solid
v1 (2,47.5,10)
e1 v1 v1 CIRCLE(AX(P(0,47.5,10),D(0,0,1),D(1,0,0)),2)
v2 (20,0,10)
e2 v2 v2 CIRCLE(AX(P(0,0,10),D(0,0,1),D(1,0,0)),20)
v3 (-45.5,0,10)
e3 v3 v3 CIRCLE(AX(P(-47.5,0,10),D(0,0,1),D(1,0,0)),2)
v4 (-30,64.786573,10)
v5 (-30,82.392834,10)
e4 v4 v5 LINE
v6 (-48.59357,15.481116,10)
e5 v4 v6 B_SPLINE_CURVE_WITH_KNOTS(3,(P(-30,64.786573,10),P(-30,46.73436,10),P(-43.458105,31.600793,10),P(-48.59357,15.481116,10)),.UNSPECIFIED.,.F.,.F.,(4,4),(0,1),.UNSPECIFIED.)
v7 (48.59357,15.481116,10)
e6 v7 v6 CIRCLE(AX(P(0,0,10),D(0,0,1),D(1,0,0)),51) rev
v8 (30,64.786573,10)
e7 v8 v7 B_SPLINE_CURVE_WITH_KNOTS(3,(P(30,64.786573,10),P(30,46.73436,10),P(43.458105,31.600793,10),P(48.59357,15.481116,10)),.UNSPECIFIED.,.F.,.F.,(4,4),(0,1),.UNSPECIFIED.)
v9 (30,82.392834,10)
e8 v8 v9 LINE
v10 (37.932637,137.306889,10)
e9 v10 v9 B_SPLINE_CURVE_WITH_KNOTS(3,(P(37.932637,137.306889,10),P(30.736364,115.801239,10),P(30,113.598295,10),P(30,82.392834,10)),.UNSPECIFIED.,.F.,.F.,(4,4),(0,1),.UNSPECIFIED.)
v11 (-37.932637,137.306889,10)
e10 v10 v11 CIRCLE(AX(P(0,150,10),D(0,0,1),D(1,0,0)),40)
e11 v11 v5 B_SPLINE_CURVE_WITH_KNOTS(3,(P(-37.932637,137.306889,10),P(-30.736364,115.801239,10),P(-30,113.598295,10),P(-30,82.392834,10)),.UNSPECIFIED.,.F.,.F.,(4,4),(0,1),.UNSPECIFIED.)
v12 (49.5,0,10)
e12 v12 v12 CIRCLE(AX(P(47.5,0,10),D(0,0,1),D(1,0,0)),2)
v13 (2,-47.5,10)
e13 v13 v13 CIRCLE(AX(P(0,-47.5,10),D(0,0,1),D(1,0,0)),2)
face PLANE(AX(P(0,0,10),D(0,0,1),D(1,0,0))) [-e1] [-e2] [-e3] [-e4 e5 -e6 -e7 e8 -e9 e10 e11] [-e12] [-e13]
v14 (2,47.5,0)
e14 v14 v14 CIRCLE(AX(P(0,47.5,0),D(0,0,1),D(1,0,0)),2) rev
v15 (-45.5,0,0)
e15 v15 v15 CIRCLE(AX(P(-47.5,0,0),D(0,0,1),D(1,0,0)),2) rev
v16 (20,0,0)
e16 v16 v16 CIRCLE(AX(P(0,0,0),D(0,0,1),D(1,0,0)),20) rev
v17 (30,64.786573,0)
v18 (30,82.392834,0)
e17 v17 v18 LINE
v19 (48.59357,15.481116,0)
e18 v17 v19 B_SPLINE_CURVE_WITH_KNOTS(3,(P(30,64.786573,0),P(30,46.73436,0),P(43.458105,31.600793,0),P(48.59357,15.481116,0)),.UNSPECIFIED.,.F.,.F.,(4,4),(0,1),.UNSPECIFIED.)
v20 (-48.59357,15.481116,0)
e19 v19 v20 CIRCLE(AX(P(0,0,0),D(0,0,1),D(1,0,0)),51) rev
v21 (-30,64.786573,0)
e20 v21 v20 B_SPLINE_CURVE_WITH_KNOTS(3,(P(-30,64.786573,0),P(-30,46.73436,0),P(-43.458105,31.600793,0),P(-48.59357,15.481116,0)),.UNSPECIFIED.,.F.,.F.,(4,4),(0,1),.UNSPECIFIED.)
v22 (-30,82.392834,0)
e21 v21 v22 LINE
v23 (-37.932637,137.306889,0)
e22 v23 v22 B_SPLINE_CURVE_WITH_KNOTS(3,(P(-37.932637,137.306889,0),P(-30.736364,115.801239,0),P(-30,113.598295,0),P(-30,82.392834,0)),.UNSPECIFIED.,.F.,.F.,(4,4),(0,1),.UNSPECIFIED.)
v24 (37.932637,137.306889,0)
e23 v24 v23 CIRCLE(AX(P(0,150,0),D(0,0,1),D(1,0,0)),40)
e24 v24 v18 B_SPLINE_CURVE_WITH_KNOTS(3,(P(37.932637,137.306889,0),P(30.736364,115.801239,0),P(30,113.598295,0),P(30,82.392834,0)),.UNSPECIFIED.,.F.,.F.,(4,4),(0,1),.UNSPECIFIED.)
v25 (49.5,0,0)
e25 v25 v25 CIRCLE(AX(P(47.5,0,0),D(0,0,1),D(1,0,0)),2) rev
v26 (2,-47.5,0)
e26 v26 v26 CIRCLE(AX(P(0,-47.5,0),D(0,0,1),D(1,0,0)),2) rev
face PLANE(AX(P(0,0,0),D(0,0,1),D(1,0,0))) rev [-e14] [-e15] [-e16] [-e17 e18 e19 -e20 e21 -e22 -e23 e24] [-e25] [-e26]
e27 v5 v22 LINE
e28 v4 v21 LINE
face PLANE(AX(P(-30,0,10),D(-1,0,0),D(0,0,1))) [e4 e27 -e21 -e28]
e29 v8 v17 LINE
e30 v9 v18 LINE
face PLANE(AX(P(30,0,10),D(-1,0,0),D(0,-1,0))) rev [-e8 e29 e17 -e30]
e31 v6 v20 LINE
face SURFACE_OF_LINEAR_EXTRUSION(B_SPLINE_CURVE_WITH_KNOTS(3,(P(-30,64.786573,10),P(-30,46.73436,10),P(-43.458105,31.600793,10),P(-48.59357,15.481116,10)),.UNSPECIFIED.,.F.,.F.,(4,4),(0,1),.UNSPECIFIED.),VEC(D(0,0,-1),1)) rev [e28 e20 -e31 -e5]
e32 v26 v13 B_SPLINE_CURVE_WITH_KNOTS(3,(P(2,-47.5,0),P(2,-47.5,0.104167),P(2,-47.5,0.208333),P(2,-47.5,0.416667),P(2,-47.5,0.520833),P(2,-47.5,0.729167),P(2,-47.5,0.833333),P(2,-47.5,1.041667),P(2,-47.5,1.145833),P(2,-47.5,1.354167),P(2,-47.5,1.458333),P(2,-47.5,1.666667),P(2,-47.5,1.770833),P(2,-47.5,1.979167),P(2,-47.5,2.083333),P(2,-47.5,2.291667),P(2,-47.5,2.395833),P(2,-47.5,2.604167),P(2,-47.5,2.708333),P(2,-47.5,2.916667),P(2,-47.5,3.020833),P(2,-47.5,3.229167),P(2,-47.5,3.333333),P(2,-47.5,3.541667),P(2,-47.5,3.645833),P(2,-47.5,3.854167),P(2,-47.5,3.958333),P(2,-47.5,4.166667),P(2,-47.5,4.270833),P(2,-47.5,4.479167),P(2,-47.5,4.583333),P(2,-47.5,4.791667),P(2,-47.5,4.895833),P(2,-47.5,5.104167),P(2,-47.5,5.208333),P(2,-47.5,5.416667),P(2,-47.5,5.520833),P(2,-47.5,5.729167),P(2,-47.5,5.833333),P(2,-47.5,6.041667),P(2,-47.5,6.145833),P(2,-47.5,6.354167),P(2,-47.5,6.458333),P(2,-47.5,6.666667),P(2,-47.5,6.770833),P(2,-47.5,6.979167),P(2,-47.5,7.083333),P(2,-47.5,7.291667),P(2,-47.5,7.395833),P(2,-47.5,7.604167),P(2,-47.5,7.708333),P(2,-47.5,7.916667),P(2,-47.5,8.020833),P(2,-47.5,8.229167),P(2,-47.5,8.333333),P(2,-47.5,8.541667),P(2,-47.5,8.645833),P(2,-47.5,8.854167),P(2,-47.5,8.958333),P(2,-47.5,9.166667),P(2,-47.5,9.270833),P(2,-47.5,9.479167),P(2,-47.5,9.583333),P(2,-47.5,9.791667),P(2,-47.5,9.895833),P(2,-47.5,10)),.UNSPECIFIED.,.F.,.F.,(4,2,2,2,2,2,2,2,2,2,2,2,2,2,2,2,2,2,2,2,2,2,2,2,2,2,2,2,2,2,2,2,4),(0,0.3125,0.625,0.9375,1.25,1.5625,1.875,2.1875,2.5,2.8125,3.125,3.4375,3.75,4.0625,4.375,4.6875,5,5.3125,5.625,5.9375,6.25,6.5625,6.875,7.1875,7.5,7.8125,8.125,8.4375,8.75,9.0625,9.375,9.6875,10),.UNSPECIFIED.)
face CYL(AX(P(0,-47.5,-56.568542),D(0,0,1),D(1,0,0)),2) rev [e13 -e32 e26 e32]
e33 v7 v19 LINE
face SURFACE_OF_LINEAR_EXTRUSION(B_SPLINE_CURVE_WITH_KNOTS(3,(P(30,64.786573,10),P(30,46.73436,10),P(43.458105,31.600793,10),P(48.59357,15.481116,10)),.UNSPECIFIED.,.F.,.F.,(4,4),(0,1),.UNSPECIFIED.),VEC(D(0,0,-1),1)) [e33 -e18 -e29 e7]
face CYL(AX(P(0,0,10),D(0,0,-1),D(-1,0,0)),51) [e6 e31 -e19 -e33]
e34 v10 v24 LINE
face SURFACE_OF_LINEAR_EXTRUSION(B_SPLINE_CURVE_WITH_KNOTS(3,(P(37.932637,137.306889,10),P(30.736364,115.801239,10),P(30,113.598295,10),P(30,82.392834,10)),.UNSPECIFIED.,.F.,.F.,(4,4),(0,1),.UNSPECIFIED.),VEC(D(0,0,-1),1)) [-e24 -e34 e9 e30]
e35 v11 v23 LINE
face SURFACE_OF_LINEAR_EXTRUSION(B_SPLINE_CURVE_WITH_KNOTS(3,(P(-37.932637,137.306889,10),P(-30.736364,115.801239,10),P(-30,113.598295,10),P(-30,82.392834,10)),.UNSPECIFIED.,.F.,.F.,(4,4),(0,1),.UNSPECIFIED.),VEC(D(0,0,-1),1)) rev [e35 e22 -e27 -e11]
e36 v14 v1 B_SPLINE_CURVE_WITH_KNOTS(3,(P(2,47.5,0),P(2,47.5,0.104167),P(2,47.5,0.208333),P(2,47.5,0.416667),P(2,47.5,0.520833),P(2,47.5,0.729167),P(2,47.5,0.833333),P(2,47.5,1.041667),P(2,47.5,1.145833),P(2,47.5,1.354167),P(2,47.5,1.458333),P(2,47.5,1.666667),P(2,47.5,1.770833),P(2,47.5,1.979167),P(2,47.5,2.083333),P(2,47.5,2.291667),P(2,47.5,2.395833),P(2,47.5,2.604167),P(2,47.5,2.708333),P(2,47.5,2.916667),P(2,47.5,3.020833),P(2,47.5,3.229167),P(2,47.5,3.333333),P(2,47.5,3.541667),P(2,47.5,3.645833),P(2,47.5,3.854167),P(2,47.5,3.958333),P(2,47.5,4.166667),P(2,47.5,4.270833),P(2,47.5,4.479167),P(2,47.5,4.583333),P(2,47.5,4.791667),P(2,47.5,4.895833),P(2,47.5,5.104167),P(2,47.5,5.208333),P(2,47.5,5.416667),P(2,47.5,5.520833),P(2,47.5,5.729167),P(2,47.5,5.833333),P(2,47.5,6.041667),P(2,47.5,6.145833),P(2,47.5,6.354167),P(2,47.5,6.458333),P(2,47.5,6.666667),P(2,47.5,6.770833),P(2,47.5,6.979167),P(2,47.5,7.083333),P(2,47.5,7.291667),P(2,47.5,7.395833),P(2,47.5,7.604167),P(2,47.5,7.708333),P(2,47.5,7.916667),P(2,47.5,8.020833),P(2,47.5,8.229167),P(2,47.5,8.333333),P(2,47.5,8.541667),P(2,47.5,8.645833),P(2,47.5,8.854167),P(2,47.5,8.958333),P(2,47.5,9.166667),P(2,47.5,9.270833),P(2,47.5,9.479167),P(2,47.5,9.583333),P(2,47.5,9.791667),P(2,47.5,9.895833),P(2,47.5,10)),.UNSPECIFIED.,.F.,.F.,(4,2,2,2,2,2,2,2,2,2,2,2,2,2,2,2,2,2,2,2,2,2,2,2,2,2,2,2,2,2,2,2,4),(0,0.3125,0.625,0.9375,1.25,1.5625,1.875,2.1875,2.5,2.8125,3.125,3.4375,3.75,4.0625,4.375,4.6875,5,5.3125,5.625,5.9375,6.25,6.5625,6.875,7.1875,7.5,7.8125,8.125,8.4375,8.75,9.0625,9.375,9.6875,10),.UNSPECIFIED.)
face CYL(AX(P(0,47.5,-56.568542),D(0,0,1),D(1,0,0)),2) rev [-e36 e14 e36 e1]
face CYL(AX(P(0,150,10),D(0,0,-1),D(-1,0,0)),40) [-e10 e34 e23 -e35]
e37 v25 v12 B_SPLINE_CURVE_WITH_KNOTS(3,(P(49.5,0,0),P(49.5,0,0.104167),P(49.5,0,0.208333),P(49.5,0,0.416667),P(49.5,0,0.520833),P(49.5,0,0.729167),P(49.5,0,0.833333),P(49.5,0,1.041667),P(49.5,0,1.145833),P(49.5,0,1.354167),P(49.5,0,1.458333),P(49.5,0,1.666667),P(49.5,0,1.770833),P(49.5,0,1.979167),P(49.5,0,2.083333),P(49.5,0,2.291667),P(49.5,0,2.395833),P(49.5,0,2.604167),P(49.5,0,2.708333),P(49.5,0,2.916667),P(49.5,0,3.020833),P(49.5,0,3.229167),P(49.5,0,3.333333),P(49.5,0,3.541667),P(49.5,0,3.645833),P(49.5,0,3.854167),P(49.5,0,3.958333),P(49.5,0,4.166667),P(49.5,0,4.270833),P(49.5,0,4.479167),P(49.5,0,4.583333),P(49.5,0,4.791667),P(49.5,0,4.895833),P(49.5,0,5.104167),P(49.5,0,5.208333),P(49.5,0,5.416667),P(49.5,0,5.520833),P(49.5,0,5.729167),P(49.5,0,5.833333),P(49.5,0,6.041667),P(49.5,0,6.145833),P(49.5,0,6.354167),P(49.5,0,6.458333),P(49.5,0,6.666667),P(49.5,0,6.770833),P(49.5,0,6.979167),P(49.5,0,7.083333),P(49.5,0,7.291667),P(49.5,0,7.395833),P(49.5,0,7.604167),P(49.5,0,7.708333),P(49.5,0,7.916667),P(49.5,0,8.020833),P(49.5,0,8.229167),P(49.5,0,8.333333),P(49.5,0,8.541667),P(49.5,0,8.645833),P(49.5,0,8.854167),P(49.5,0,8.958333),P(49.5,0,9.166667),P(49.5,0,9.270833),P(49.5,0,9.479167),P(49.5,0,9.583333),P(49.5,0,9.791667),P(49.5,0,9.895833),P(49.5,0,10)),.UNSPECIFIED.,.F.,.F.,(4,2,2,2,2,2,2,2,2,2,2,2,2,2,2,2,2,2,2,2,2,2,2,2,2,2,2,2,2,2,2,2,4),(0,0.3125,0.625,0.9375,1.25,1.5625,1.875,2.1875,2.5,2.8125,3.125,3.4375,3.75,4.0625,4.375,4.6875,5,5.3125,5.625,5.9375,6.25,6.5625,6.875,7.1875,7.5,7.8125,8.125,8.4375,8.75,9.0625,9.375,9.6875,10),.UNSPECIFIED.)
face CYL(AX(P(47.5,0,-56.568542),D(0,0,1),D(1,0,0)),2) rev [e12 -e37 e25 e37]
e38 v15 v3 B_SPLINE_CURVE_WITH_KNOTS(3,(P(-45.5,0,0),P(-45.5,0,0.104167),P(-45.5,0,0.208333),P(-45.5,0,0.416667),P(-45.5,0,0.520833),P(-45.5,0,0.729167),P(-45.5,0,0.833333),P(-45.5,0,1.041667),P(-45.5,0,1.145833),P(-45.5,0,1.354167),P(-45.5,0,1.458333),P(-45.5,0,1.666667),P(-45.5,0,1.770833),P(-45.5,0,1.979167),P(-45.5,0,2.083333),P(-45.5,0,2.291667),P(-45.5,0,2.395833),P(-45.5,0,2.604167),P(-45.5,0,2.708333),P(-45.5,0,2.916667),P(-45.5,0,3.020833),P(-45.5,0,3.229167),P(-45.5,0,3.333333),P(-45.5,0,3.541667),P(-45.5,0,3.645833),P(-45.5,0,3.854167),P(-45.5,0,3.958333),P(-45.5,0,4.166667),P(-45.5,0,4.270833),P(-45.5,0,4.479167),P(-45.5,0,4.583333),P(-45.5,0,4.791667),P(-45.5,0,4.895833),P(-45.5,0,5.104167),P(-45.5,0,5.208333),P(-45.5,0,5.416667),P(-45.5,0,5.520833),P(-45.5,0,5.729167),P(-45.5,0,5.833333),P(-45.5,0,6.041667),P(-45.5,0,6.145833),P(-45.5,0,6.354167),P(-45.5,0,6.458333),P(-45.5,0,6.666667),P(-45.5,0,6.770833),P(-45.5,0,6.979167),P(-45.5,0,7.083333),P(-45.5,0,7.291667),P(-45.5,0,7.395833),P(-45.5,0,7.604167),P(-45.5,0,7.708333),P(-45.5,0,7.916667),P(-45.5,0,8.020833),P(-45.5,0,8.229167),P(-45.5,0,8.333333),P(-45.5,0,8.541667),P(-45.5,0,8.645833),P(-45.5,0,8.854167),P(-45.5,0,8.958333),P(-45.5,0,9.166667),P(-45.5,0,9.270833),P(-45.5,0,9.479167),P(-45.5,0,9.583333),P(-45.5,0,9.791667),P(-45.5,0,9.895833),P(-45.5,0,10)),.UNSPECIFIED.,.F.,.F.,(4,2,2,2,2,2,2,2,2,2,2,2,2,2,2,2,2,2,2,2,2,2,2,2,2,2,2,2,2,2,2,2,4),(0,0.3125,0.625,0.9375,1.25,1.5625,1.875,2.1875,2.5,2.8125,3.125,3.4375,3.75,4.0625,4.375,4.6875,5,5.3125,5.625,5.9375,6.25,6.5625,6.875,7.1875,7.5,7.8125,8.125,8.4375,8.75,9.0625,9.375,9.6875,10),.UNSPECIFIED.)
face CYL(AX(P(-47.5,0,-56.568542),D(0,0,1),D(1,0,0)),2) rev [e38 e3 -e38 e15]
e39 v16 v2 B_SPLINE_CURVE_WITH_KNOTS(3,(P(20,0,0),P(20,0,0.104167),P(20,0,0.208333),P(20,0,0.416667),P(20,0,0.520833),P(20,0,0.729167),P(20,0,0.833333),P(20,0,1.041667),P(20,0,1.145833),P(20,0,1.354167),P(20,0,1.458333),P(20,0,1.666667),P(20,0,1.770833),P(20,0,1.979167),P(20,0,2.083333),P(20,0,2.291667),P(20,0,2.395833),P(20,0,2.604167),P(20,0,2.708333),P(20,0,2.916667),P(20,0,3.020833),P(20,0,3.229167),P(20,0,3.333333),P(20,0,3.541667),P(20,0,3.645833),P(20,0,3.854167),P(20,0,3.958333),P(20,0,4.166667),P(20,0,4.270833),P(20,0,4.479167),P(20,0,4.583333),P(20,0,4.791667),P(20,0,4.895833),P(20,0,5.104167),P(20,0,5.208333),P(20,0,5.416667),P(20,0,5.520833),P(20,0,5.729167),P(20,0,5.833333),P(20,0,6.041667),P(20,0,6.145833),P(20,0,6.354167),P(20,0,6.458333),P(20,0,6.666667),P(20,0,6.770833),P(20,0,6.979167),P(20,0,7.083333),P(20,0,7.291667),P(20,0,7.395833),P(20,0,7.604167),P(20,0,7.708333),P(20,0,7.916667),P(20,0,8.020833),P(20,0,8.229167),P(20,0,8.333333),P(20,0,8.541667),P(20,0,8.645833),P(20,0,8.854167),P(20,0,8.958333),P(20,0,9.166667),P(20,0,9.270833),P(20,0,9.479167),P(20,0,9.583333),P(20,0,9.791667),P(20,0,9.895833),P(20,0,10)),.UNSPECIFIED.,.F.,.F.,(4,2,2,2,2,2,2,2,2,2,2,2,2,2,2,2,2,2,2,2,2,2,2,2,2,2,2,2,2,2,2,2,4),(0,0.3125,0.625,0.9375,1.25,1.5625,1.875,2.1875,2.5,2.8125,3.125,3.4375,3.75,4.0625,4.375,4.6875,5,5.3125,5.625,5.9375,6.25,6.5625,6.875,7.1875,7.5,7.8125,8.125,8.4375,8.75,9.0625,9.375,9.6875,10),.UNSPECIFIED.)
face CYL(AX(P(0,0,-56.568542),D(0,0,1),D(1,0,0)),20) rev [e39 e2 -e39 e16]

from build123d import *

# Parameters (mm, degrees)
BOSS_EXTRUDE1_DEPTH = 10
SKETCH3_R           = 2
SKETCH3_R_2         = 20
CUT_EXTRUDE1_DEPTH  = 10


with BuildPart() as part:
    # Sketch2 → Boss-Extrude1 (new body)
    with BuildSketch(Plane.XY):
        with BuildLine():
            ThreePointArc((30, 41.243181255), (41.354060385, 29.846971198), (48.593569979, 15.481116133))
            add(Edge.make_bspline(
                [(30, 64.78657274), (30, 46.734360232), (43.458104798, 31.600792807), (48.593569979, 15.481116133)],
                knots=[0, 0, 0, 0, 1, 1, 1, 1], degree=3))
            Line((30, 64.78657274), (30, 41.243181255))
        make_face()
        with BuildLine():
            ThreePointArc((-48.593569979, 15.481116133), (-41.354060385, 29.846971198), (-30, 41.243181255))
            Line((-30, 41.243181255), (-30, 64.78657274))
            add(Edge.make_bspline(
                [(-30, 64.78657274), (-30, 46.734360232), (-43.458104798, 31.600792807), (-48.593569979, 15.481116133)],
                knots=[0, 0, 0, 0, 1, 1, 1, 1], degree=3))
        make_face()
        with BuildLine():
            add(Edge.make_bspline(
                [(-37.932636655, 137.306888623), (-30.736363595, 115.801238579), (-30, 113.598295334), (-30, 82.392834072)],
                knots=[0, 0, 0, 0, 1, 1, 1, 1], degree=3))
            Line((-30, 82.392834072), (-30, 123.542486889))
            ThreePointArc((-30, 123.542486889), (-34.65653574, 130.026904834), (-37.932636655, 137.306888623))
        make_face()
        with BuildLine():
            add(Edge.make_bspline(
                [(37.932636655, 137.306888623), (30.736363595, 115.801238579), (30, 113.598295334), (30, 82.392834072)],
                knots=[0, 0, 0, 0, 1, 1, 1, 1], degree=3))
            ThreePointArc((37.932636655, 137.306888623), (34.65653574, 130.026904834), (30, 123.542486889))
            Line((30, 123.542486889), (30, 82.392834072))
        make_face()
        with BuildLine():
            Line((30, 41.243181255), (30, 123.542486889))
            ThreePointArc((30, 123.542486889), (0, 190), (-30, 123.542486889))
            Line((-30, 123.542486889), (-30, 41.243181255))
            ThreePointArc((-30, 41.243181255), (-45.447772223, 23.140872931), (-51, 0))
            ThreePointArc((-51, 0), (0, -51), (51, 0))
            ThreePointArc((51, 0), (45.447772223, 23.140872931), (30, 41.243181255))
        make_face()
    extrude(amount=BOSS_EXTRUDE1_DEPTH)

    # Sketch3 → Cut-Extrude1 (cut)
    with BuildSketch(Plane.XY.offset(10)):
        with Locations((0, -47.5)):
            Circle(SKETCH3_R)
        with Locations((-47.5, 0)):
            Circle(SKETCH3_R)
        with Locations((0, 47.5)):
            Circle(SKETCH3_R)
        with Locations((47.5, 0)):
            Circle(SKETCH3_R)
        Circle(SKETCH3_R_2)
    extrude(amount=-CUT_EXTRUDE1_DEPTH, mode=Mode.SUBTRACT)


solid = part.part
